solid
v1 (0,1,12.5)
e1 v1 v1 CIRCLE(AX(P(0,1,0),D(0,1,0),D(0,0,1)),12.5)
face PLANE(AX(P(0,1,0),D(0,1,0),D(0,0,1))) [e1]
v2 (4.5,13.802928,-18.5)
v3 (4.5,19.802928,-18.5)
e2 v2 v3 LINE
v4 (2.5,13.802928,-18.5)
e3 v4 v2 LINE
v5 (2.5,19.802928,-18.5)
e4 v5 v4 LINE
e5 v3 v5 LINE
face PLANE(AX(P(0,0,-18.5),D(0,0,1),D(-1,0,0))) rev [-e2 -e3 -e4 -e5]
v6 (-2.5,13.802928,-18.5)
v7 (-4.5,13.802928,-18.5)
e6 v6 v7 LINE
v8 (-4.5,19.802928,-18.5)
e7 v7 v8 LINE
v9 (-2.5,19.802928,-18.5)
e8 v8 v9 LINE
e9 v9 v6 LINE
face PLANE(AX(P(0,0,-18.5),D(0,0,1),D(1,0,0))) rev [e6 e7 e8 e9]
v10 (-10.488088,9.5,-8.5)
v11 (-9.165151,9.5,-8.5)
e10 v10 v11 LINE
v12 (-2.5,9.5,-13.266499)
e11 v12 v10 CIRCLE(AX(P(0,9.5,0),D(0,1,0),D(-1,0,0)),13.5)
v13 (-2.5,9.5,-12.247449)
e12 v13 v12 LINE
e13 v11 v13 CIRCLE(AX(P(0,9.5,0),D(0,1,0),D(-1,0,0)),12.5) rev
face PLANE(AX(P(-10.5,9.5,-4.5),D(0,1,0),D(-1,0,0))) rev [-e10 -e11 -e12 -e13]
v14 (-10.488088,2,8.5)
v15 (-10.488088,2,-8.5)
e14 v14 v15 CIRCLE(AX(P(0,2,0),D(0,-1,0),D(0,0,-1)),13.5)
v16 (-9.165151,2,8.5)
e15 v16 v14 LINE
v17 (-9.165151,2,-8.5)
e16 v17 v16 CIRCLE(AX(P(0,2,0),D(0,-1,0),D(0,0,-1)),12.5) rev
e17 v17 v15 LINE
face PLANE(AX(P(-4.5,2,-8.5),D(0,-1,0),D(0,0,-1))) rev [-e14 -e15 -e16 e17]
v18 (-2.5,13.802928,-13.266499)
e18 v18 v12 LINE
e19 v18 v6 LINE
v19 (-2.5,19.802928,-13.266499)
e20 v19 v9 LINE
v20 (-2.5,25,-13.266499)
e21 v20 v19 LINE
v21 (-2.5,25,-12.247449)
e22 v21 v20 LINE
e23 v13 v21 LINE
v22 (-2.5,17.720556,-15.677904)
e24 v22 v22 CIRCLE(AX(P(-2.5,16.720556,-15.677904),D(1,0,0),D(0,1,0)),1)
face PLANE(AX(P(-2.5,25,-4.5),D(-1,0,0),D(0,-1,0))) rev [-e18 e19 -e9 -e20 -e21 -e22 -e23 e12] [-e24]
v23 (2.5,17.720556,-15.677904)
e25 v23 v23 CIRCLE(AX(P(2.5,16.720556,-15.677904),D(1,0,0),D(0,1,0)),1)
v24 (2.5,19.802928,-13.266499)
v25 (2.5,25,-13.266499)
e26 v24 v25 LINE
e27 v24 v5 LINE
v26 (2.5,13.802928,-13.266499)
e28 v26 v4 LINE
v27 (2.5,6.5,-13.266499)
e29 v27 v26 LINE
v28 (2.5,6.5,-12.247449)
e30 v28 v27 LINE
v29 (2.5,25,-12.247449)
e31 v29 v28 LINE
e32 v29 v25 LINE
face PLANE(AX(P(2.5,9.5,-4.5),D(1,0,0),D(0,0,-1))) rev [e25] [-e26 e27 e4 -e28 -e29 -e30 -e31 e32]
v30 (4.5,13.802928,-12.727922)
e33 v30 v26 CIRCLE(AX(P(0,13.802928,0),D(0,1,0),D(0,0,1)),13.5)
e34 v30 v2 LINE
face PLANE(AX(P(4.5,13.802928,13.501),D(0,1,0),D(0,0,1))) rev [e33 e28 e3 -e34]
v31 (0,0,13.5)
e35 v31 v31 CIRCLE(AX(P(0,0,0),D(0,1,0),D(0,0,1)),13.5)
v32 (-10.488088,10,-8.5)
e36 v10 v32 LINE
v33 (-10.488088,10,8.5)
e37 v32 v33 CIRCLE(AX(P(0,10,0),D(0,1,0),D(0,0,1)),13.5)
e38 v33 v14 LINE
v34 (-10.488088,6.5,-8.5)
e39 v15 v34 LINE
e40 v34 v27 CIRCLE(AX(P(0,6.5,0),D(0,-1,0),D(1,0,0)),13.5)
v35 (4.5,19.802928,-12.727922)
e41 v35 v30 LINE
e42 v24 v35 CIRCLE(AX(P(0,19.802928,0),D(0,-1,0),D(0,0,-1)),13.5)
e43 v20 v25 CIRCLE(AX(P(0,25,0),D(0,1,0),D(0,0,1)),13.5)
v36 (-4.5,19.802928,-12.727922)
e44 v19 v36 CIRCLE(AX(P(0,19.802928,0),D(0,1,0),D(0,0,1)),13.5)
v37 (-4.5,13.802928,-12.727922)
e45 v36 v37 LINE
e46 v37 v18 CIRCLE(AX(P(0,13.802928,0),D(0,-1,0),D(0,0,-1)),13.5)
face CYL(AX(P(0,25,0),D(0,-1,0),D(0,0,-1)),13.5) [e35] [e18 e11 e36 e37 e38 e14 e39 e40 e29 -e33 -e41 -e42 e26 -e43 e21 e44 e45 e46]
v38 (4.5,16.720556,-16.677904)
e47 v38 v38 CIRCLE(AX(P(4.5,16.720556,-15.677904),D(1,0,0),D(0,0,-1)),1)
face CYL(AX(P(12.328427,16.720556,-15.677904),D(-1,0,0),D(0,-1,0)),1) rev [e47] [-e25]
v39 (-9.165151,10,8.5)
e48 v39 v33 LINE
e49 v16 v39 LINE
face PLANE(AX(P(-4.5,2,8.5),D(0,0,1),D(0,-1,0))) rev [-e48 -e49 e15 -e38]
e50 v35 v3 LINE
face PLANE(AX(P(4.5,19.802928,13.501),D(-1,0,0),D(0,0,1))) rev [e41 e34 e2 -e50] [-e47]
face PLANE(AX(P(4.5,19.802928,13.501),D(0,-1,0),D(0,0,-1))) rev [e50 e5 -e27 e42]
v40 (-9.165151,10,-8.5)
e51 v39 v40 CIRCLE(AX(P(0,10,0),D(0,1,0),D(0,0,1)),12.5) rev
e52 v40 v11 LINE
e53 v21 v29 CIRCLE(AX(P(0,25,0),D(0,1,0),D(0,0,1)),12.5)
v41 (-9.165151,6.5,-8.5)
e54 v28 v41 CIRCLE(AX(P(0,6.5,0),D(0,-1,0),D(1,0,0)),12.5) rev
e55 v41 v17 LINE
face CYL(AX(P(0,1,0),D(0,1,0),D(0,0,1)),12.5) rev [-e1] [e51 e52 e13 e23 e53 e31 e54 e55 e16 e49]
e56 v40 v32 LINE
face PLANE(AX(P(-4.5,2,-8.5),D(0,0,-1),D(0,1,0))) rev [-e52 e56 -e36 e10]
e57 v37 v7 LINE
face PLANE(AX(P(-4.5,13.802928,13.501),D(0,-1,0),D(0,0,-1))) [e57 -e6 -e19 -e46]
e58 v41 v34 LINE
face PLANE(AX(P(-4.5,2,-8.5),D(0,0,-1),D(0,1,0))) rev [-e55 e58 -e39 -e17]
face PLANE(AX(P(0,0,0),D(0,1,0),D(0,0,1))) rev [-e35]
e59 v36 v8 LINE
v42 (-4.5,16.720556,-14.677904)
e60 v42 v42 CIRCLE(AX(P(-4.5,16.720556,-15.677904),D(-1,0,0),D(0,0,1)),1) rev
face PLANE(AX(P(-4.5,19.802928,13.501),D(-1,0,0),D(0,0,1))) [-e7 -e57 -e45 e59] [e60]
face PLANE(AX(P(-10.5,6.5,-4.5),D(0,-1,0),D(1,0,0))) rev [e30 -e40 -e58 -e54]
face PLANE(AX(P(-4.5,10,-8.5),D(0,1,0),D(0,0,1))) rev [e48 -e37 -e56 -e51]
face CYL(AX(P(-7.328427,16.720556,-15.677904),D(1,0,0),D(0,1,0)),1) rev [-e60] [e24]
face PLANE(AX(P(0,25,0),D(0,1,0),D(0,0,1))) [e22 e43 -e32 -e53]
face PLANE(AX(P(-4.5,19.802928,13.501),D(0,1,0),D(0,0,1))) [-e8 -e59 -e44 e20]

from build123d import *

# Parameters (mm, degrees)
SKETCH1_R                       = 13.5
BOSS_EXTRUDE1_DEPTH             = 25
SKETCH2_R                       = 12.5
CUT_EXTRUDE1_DEPTH              = 24
SKETCH3_W                       = 17
SKETCH3_H                       = 8
CUT_EXTRUDE2_DEPTH              = 9
CUT_EXTRUDE3_DEPTH              = 9
SKETCH5_W                       = 2
SKETCH5_H                       = 6
BOSS_EXTRUDE2_DEPTH             = 5
BOSS_EXTRUDE2_DIRECTION_2_REACH = 41.195
SKETCH6_R                       = 1
CUT_EXTRUDE4_DEPTH              = 2


with BuildPart() as part:
    # Sketch1 → Boss-Extrude1 (new body)
    with BuildSketch(Plane(origin=(0, 0, 0), x_dir=(1, 0, 0), z_dir=(0, 1, 0))):
        with Locations(Location((0, 0, 0), (0, 0, 270))):
            Circle(SKETCH1_R)
    extrude(amount=BOSS_EXTRUDE1_DEPTH)

    # Sketch2 → Cut-Extrude1 (cut)
    with BuildSketch(Plane(origin=(0, 25, 0), x_dir=(1, 0, 0), z_dir=(0, 1, 0))):
        with Locations(Location((0, 0, 0), (0, 0, 270))):
            Circle(SKETCH2_R)
    extrude(amount=-CUT_EXTRUDE1_DEPTH, mode=Mode.SUBTRACT)

    # Sketch3 → Cut-Extrude2 (cut)
    with BuildSketch(Plane.ZY.offset(13.5)):
        with Locations((0, 6)):
            Rectangle(SKETCH3_W, SKETCH3_H)
    extrude(amount=-CUT_EXTRUDE2_DEPTH, mode=Mode.SUBTRACT)

    # Sketch4 → Cut-Extrude3 (cut)
    with BuildSketch(Plane(origin=(0, 0, -13.5), x_dir=(-1, 0, 0), z_dir=(0, 0, -1))):
        Polygon((2.5, 25), (-2.5, 25), (-2.5, 9.5), (-2.5, 6.5), (10.5, 6.5), (10.5, 9.5), (2.5, 9.5), align=None)
    extrude(amount=-CUT_EXTRUDE3_DEPTH, mode=Mode.SUBTRACT)

    # Sketch5 → Boss-Extrude2 (add)
    with BuildSketch(Plane(origin=(0, 0, -13.5), x_dir=(-1, 0, 0), z_dir=(0, 0, -1))):
        with Locations((3.5, 16.80292759)):
            Rectangle(SKETCH5_W, SKETCH5_H)
    boss_extrude2 = extrude(amount=BOSS_EXTRUDE2_DEPTH)

    # Sketch5 → Boss-Extrude2 direction 2 (add, up to next)
    with BuildSketch(Plane(origin=(0, 0, -13.5), x_dir=(-1, 0, 0), z_dir=(0, 0, -1)), mode=Mode.PRIVATE) as boss_extrude2_direction_2_sk1:
        with Locations((3.5, 16.80292759)):
            Rectangle(SKETCH5_W, SKETCH5_H)
    boss_extrude2_direction_2_tool1 = extrude(boss_extrude2_direction_2_sk1.sketch, amount=-BOSS_EXTRUDE2_DIRECTION_2_REACH, mode=Mode.PRIVATE) - part.part
    boss_extrude2_direction_2 = boss_extrude2_direction_2_tool1.solids().sort_by_distance((-3.5, 16.802928, -13.5))[0]
    add(boss_extrude2_direction_2)

    # Sketch6 → Cut-Extrude4 (cut)
    with BuildSketch(Plane(origin=(-2.5, 0, 0), x_dir=(0, 0, -1), z_dir=(1, 0, 0))):
        with Locations(Location((15.677904261, 16.72055598, 0), (0, 0, 90))):
            Circle(SKETCH6_R)
    cut_extrude4 = extrude(amount=-CUT_EXTRUDE4_DEPTH, mode=Mode.SUBTRACT)

    # Mirror1: Boss-Extrude2, Boss-Extrude2 direction 2, Cut-Extrude4 across plane
    add(boss_extrude2.mirror(Plane(origin=(0, 0, 0), x_dir=(0, 0, 1), z_dir=(1, 0, 0))))
    add(boss_extrude2_direction_2.mirror(Plane(origin=(0, 0, 0), x_dir=(0, 0, 1), z_dir=(1, 0, 0))))
    add(cut_extrude4.mirror(Plane(origin=(0, 0, 0), x_dir=(0, 0, 1), z_dir=(1, 0, 0))), mode=Mode.SUBTRACT)


solid = part.part
